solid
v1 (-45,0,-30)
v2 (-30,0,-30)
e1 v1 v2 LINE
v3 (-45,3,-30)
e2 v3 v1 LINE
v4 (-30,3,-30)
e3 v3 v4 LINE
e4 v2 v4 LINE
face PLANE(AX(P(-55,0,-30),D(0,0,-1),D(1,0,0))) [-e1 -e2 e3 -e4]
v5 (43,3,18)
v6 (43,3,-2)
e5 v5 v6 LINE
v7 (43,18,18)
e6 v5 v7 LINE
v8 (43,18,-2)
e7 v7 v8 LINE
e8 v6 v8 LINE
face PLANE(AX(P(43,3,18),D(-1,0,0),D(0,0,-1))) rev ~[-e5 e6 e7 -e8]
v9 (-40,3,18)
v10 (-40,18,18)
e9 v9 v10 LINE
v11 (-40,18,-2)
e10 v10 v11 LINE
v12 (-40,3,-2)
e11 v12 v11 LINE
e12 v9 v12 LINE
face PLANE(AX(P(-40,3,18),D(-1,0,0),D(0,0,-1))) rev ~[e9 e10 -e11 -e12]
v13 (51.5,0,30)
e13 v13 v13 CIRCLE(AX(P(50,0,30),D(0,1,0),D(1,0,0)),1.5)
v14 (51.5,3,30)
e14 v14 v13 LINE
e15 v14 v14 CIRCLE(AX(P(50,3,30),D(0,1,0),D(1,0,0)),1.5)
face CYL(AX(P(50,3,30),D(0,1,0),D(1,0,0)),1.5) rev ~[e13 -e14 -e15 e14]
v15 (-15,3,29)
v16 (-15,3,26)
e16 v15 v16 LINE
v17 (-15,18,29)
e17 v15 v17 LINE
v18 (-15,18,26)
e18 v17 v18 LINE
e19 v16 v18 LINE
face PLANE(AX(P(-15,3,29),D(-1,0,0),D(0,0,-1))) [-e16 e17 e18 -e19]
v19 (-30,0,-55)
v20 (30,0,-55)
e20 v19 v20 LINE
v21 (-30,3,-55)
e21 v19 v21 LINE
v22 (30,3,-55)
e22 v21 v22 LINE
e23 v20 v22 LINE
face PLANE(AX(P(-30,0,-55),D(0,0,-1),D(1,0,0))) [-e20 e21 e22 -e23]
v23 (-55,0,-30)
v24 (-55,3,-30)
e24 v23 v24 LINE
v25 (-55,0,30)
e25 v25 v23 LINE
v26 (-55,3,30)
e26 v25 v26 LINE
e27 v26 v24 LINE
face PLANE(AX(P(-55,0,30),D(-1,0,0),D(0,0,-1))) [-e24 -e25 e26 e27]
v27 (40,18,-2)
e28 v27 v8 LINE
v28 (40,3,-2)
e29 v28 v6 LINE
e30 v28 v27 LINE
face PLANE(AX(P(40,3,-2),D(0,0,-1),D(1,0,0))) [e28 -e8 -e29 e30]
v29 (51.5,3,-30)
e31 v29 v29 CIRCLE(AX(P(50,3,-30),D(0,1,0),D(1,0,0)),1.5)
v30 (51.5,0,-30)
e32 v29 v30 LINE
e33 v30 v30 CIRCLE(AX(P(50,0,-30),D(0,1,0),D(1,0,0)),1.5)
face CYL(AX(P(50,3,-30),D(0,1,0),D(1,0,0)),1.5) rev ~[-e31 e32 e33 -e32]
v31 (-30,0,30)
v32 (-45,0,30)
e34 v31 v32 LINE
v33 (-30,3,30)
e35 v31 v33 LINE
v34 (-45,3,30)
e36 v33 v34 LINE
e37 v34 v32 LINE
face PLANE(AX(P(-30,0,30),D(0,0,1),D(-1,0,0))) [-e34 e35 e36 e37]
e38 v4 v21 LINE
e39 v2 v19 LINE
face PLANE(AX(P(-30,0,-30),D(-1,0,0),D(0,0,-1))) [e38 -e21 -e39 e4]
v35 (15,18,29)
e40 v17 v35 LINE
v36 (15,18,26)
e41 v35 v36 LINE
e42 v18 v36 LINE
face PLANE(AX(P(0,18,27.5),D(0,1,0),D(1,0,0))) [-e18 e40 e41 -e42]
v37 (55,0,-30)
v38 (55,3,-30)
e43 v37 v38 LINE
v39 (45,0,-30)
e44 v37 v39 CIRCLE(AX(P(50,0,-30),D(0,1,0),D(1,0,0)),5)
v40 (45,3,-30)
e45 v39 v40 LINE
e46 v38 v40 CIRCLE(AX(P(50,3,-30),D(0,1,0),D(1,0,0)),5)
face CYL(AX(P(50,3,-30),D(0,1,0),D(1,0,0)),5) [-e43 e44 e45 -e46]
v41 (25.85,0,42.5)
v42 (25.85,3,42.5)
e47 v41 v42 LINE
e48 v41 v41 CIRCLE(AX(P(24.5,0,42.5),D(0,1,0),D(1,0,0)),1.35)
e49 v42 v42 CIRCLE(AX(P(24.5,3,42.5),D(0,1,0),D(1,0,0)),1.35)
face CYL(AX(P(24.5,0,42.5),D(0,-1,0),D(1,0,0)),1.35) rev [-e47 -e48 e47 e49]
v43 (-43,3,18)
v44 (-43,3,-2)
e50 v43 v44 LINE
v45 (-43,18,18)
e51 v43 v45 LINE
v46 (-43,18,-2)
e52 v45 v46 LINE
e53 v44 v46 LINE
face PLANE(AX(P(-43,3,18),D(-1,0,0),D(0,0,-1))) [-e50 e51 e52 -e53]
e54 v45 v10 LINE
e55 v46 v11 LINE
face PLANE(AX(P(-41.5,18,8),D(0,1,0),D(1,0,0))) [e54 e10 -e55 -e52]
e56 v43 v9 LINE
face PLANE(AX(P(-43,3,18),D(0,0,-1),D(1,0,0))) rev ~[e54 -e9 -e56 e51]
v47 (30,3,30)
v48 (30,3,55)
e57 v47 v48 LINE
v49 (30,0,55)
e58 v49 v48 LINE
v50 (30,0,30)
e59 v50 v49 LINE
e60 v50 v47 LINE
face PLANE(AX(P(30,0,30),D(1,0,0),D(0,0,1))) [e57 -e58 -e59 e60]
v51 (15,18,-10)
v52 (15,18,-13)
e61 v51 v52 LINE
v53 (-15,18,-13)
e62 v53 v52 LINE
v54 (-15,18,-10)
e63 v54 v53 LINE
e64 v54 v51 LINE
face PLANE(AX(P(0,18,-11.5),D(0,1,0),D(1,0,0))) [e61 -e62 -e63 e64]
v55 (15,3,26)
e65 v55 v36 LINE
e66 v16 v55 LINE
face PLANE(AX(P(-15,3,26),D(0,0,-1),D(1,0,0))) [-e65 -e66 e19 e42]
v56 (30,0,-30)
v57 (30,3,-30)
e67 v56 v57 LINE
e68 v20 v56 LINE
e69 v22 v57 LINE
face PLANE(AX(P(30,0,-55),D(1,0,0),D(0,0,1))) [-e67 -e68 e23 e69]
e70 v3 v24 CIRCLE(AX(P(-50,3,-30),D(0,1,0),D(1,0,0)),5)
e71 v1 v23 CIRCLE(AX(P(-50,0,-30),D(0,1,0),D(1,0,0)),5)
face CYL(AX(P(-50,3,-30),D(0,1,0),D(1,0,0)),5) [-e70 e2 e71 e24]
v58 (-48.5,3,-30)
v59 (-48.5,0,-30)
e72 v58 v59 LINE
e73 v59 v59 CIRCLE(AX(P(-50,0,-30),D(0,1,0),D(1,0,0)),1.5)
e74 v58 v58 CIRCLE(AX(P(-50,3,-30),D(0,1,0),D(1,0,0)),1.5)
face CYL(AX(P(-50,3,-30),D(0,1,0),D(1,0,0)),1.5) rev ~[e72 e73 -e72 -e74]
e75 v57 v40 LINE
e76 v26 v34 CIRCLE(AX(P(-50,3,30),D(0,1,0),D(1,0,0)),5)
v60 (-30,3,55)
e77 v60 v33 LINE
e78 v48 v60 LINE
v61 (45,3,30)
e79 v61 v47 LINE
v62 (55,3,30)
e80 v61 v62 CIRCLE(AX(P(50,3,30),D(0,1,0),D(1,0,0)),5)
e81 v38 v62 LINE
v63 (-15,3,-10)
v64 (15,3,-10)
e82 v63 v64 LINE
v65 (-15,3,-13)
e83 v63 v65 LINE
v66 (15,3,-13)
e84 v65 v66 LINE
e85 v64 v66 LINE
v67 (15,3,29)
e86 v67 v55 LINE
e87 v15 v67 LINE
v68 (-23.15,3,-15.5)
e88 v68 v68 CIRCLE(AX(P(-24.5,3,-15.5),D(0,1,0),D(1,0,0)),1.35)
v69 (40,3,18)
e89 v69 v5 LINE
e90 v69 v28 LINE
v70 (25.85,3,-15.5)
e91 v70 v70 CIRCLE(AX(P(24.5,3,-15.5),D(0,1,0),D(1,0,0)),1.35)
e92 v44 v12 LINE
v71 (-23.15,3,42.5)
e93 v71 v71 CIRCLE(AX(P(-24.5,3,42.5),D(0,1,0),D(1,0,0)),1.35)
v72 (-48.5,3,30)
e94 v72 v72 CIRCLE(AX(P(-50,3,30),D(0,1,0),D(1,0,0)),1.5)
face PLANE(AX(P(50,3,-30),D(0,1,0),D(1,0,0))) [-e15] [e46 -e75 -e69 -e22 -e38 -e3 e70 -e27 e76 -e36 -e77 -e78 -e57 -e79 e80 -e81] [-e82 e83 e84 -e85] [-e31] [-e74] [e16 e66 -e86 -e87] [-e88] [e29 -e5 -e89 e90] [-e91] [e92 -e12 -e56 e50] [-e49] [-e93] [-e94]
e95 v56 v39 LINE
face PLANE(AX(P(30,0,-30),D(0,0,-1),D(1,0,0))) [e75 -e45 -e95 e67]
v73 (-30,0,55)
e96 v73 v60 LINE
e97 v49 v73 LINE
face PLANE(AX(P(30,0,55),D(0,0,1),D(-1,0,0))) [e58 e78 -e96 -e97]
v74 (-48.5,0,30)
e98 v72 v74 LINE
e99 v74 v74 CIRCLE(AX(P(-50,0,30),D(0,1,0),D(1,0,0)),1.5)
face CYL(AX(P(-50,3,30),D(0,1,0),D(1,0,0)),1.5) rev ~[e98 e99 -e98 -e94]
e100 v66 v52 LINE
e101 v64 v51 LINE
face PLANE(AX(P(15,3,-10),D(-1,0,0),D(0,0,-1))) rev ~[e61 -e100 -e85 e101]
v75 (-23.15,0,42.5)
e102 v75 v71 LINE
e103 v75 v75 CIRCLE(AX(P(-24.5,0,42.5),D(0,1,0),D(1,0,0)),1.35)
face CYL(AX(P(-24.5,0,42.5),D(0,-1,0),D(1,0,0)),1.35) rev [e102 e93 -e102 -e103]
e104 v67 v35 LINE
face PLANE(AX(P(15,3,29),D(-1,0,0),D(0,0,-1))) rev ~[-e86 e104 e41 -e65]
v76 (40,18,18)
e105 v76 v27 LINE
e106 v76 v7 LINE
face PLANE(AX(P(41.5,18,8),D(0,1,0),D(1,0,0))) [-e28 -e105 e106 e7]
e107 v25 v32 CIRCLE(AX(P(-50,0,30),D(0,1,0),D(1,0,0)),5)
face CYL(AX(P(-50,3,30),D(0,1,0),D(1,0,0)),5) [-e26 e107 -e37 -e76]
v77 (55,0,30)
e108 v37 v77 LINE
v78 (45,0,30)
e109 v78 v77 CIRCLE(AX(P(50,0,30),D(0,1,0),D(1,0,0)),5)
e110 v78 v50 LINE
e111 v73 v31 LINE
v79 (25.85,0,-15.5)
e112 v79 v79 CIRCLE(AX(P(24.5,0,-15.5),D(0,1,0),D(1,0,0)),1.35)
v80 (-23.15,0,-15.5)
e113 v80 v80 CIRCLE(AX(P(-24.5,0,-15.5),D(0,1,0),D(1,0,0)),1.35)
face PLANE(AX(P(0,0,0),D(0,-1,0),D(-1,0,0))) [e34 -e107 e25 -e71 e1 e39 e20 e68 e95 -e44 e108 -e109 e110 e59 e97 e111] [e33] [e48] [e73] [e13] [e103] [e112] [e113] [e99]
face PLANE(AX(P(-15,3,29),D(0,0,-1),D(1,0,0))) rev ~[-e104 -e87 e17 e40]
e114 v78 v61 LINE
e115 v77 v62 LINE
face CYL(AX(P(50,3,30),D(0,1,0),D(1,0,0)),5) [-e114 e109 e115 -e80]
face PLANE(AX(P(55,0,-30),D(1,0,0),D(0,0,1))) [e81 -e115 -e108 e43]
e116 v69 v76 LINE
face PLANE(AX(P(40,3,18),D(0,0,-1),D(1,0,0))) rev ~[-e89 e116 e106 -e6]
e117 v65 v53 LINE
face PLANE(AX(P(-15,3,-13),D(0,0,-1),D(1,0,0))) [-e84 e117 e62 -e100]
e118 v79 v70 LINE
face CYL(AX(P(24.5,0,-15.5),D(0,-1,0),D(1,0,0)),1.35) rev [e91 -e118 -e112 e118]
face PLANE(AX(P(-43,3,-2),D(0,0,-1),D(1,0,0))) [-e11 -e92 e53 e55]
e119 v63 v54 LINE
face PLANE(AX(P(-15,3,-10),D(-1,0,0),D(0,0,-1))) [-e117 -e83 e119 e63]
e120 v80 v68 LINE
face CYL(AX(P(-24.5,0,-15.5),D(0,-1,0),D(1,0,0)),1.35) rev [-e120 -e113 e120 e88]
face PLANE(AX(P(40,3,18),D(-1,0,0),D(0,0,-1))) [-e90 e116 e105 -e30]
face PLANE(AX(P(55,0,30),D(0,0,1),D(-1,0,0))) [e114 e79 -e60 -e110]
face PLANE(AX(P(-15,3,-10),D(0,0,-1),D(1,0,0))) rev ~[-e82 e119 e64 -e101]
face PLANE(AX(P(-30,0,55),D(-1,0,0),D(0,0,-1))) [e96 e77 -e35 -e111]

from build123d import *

# Parameters (mm, degrees)
SKETCH2_R           = 1.35
BOSS_EXTRUDE1_DEPTH = 3
SKETCH3_R           = 5
BOSS_EXTRUDE2_DEPTH = 3
SKETCH4_R           = 1.5
CUT_EXTRUDE1_DEPTH  = 4
SKETCH5_W           = 3
SKETCH5_H           = 20
SKETCH5_W_2         = 30
SKETCH5_H_2         = 3
BOSS_EXTRUDE3_DEPTH = 15


with BuildPart() as part:
    # Sketch2 → Boss-Extrude1 (new body)
    with BuildSketch(Plane(origin=(0, 0, 0), x_dir=(1, 0, 0), z_dir=(0, 1, 0))):
        Polygon((30, -55), (-30, -55), (-30, -30), (-55, -30), (-55, 30), (-30, 30), (-30, 55), (30, 55), (30, 30), (55, 30), (55, -30), (30, -30), align=None)
        with Locations((24.5, -42.5)):
            Circle(SKETCH2_R, mode=Mode.SUBTRACT)
        with Locations((-24.5, -42.5)):
            Circle(SKETCH2_R, mode=Mode.SUBTRACT)
        with Locations((24.5, 15.5)):
            Circle(SKETCH2_R, mode=Mode.SUBTRACT)
        with Locations((-24.5, 15.5)):
            Circle(SKETCH2_R, mode=Mode.SUBTRACT)
    extrude(amount=BOSS_EXTRUDE1_DEPTH)

    # Sketch3 → Boss-Extrude2 (add)
    with BuildSketch(Plane(origin=(0, 3, 0), x_dir=(1, 0, 0), z_dir=(0, 1, 0))):
        with Locations((50, 30)):
            Circle(SKETCH3_R)
        with Locations((50, -30)):
            Circle(SKETCH3_R)
        with Locations((-50, -30)):
            Circle(SKETCH3_R)
        with Locations((-50, 30)):
            Circle(SKETCH3_R)
    extrude(amount=-BOSS_EXTRUDE2_DEPTH)

    # Sketch4 → Cut-Extrude1 (cut, through all)
    with BuildSketch(Plane(origin=(0, 3, 0), x_dir=(1, 0, 0), z_dir=(0, 1, 0))):
        with Locations((50, 30)):
            Circle(SKETCH4_R)
        with Locations((50, -30)):
            Circle(SKETCH4_R)
        with Locations((-50, -30)):
            Circle(SKETCH4_R)
        with Locations((-50, 30)):
            Circle(SKETCH4_R)
    extrude(amount=-CUT_EXTRUDE1_DEPTH, mode=Mode.SUBTRACT)

    # Sketch5 → Boss-Extrude3 (add)
    with BuildSketch(Plane(origin=(0, 3, 0), x_dir=(1, 0, 0), z_dir=(0, 1, 0))):
        with Locations((-41.5, -8)):
            Rectangle(SKETCH5_W, SKETCH5_H)
        with Locations((41.5, -8)):
            Rectangle(SKETCH5_W, SKETCH5_H)
        with Locations((0, 11.5)):
            Rectangle(SKETCH5_W_2, SKETCH5_H_2)
        with Locations((0, -27.5)):
            Rectangle(SKETCH5_W_2, SKETCH5_H_2)
    extrude(amount=BOSS_EXTRUDE3_DEPTH)


solid = part.part
